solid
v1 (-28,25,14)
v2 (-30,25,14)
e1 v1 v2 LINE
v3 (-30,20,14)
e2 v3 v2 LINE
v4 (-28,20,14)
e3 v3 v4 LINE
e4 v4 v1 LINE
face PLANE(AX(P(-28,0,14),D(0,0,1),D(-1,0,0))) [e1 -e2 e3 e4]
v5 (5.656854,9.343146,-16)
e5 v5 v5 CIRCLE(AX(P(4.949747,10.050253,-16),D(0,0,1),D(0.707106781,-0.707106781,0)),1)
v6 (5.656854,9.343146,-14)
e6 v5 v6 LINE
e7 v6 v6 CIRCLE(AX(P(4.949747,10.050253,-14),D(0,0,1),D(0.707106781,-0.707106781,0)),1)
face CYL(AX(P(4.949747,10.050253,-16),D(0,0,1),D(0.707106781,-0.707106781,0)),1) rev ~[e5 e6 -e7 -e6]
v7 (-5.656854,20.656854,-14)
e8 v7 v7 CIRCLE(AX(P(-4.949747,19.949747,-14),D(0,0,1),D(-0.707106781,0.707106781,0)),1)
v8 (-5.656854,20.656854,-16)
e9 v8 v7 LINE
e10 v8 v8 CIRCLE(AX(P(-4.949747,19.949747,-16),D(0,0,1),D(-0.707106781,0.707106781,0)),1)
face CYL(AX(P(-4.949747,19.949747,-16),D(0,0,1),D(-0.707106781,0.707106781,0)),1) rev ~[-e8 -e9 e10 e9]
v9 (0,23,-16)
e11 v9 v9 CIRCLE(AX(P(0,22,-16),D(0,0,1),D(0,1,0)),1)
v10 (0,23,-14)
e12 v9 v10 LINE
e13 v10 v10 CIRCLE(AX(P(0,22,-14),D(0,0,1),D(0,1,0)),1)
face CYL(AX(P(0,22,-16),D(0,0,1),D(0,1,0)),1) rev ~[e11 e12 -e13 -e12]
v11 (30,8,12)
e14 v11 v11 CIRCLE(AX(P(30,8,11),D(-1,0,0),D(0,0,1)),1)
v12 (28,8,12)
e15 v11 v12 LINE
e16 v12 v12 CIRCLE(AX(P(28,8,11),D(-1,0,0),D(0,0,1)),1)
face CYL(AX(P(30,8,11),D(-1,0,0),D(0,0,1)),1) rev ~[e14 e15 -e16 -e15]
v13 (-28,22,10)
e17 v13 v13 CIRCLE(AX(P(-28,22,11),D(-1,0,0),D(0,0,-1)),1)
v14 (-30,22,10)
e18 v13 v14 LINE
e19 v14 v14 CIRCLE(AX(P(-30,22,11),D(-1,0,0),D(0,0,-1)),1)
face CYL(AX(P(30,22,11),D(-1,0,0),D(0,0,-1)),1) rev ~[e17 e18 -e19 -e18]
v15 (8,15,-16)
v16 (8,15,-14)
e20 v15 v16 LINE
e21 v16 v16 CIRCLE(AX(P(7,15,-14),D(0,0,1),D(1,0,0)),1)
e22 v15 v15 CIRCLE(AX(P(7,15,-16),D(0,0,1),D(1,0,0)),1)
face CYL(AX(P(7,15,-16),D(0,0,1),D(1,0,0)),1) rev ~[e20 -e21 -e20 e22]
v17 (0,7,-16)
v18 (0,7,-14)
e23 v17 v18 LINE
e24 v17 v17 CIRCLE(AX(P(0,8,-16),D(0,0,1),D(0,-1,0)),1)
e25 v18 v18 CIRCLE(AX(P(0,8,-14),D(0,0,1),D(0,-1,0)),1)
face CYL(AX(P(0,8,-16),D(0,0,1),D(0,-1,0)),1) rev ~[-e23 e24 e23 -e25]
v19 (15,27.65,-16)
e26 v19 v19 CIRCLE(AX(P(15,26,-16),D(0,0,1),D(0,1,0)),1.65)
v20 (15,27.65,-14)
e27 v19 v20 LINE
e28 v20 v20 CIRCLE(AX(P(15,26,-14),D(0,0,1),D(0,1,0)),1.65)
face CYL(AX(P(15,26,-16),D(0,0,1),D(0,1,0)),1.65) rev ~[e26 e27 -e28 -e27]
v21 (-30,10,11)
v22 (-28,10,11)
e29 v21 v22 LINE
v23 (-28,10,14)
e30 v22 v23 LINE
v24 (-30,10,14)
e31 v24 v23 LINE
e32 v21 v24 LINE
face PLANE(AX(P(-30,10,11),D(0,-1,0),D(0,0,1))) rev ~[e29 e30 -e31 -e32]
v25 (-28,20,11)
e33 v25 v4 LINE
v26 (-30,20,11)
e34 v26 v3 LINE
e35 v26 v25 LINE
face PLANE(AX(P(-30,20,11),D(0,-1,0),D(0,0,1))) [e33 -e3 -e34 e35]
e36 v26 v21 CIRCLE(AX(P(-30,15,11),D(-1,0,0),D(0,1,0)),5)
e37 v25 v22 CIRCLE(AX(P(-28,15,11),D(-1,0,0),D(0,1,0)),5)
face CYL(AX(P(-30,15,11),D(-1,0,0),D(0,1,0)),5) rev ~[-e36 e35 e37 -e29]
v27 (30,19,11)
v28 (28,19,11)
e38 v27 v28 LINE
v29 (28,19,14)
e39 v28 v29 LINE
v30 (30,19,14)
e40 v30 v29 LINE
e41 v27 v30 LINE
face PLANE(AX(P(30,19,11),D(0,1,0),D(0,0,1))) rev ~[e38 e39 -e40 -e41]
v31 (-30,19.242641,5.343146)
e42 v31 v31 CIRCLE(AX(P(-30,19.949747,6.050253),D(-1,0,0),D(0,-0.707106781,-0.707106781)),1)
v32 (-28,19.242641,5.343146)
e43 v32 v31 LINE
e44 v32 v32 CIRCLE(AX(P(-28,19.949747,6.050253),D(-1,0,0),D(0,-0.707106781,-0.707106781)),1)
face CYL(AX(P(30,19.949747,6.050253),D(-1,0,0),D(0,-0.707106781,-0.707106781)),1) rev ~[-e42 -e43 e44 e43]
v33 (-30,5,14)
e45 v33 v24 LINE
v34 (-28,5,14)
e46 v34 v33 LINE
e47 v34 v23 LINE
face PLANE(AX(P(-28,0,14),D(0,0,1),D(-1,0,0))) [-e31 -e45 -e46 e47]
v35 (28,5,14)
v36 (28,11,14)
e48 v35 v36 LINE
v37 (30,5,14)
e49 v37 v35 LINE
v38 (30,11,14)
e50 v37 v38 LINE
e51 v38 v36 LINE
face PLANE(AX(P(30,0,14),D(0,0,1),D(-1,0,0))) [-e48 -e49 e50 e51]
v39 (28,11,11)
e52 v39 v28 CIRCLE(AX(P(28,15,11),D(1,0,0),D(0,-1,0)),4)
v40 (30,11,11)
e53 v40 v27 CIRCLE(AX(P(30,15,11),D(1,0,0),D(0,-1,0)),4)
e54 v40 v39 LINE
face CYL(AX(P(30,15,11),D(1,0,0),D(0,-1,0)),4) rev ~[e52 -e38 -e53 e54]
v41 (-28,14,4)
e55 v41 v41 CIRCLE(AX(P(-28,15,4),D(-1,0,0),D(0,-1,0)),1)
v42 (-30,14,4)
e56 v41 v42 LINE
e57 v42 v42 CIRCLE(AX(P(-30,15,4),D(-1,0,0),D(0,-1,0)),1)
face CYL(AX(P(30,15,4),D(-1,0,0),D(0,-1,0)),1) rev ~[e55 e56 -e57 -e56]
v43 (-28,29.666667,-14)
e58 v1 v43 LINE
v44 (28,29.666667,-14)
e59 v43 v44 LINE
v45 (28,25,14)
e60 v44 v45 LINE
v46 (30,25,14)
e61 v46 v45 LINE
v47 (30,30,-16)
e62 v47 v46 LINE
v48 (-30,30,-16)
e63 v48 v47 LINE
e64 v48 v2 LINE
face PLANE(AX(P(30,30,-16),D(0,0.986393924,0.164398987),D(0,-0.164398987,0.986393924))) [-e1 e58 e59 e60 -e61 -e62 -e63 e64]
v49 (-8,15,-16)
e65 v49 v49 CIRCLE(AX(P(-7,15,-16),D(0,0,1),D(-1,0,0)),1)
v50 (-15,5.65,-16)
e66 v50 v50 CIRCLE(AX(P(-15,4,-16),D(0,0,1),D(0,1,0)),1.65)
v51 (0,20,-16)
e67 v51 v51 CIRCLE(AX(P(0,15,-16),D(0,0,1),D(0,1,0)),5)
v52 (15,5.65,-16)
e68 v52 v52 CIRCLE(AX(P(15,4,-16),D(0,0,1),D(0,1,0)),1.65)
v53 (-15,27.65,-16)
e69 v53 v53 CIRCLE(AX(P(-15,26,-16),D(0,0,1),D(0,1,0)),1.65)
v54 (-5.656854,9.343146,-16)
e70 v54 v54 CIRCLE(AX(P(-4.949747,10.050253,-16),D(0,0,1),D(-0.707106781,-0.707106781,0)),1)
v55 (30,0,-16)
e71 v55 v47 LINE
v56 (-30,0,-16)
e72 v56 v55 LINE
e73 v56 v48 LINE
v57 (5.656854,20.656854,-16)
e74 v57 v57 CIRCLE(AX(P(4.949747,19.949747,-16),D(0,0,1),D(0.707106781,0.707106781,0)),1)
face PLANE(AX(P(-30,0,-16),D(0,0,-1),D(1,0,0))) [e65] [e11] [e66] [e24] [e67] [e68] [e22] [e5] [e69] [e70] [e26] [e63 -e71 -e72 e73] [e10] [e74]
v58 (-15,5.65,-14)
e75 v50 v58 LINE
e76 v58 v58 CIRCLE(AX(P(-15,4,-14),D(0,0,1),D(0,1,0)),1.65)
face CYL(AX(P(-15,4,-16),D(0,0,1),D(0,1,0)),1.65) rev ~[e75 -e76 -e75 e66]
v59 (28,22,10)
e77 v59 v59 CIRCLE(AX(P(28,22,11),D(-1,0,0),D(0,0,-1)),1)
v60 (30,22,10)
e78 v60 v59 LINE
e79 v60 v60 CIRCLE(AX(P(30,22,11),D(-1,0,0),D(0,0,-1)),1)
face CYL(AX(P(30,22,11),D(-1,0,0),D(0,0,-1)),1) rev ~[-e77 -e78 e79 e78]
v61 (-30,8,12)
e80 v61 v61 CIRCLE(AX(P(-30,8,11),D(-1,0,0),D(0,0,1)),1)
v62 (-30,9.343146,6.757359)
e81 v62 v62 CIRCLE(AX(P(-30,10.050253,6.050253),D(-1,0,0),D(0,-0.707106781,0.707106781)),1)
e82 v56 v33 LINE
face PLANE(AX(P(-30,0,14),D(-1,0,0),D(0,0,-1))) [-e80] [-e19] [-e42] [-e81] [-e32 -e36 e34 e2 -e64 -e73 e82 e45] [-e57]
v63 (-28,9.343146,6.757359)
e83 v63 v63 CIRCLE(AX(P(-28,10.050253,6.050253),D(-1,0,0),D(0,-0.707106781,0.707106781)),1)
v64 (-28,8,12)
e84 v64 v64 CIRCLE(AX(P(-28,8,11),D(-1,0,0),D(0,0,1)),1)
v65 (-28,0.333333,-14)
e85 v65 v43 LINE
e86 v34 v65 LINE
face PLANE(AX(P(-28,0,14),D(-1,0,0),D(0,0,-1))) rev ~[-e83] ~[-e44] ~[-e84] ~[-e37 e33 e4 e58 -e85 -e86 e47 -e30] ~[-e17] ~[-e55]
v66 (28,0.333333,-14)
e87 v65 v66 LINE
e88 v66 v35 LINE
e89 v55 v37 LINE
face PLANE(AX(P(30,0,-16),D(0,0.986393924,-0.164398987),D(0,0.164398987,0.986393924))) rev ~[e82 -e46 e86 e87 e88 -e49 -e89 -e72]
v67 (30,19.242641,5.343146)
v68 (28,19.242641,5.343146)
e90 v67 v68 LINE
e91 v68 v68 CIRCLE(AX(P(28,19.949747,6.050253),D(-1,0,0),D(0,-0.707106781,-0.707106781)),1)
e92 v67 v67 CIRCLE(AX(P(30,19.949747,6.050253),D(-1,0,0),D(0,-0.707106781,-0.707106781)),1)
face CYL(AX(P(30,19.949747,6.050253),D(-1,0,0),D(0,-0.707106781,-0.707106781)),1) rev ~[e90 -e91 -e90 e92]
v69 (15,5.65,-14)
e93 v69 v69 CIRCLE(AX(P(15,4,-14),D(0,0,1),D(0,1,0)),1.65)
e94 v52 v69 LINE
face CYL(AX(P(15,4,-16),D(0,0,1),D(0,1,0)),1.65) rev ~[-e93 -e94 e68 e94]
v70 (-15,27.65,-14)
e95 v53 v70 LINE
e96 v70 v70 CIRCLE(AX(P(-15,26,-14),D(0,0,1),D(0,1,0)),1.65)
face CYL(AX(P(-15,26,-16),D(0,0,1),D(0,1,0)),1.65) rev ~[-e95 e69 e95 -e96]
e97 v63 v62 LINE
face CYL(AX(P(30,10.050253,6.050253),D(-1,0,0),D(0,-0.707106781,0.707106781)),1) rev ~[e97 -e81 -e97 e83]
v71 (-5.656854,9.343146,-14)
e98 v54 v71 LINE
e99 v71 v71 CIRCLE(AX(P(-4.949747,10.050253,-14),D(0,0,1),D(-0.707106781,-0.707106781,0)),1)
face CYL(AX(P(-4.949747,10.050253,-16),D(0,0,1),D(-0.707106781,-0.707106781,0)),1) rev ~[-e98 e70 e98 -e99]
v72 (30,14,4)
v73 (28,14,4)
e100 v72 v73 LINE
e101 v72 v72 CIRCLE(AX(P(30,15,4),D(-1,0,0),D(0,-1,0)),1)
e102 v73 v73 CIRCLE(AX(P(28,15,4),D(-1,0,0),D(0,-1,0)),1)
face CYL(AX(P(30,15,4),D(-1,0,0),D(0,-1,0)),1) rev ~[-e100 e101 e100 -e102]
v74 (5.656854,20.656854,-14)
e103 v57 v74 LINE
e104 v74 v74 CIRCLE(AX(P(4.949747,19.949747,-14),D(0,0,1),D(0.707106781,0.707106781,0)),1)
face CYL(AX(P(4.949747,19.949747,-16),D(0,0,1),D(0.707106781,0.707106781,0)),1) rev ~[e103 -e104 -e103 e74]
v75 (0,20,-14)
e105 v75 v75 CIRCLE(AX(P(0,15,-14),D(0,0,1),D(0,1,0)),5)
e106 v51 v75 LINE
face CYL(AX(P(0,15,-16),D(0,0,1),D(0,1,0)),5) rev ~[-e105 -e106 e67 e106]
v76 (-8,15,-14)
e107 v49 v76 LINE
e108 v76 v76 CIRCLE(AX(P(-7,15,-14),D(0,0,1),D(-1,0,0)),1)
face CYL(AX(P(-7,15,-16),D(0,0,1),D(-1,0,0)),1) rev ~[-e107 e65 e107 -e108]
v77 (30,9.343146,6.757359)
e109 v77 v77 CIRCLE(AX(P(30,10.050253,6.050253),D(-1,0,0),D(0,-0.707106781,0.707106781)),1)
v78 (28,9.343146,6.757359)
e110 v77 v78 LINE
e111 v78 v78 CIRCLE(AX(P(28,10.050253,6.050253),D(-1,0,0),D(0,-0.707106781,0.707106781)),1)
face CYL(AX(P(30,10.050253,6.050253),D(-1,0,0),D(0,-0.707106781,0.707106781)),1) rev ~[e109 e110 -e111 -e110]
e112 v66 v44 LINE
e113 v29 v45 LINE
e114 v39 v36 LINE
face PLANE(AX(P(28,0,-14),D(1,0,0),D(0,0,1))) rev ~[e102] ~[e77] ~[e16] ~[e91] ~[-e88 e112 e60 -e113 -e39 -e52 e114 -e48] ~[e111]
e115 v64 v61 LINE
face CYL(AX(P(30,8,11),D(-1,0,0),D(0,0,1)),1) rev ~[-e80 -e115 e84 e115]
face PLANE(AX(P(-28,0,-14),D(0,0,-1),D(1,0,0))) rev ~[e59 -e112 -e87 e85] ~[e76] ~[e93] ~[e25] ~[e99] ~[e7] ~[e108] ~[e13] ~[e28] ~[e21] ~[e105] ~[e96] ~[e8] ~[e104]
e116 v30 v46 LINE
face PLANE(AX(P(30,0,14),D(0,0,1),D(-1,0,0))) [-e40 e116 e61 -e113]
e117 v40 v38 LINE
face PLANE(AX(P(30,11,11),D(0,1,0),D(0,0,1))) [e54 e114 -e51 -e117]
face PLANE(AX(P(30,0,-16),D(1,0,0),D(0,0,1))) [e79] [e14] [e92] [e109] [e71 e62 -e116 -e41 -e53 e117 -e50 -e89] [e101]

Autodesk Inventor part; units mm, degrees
ref_plane "YZ Plane" through (0, 0, 0) normal (1, 0, 0) x (0, 1, 0)
ref_plane "XZ Plane" through (0, 0, 0) normal (0, 1, 0) x (-1, 0, 0)
ref_plane "XY Plane" through (0, 0, 0) normal (0, 0, 1) x (1, 0, 0)
sketch "スケッチ1" plane through (0, 0, 0) normal (0, 1, 0) x (-1, 0, 0)
  line L0 (30, 14) -> (30, -16)
  line L1 (30, -16) -> (-30, -16)
  line L2 (-30, -16) -> (-30, 14)
  line L3 (28, 14) -> (28, -14)
  line L4 (28, -14) -> (-28, -14)
  line L5 (-28, -14) -> (-28, 14)
  line L6 (-30, 14) -> (-28, 14)
  line L7 (28, 14) -> (30, 14)
  point P0 (0, 0)
  dimension "d0" = 60
  dimension "d2" = 30
  dimension "d3" = 28
  dimension "d4" = 56
  dimension "d5" = 28
  dimension "d6" = 14
  dimension "d7" = 30
  dimension "d8" = 16
  dimension "d9" = 28
  dimension "d11" = 28
extrude "押し出し1" add sketch "スケッチ1" along normal blind 30
sketch "スケッチ2" plane through (30, 0, 14) normal (1, 0, 0) x (0, 0, -1)
  line L0 (30, 0) -> (30, 30) projected
  line L1 (0, 0) -> (0, 30) projected
  line L2 (30, 30) -> (0, 25)
  line L3 (30, 0) -> (0, 5)
  point P0 (14, 0)
  dimension "d75" = 20
extrude "押し出し2" cut sketch "スケッチ2" against normal blind 60 keep common part
sketch "スケッチ3" plane through (30, 0, -16) normal (1, 0, 0) x (0, 0, -1)
  line L0 (-30, 5) -> (-30, 25) projected
  line L1 (0, 0) -> (0, 30) projected
  arc A0 (-27, 11) -> (-27, 19) centre (-27, 15) ccw
  line L2 (-27, 19) -> (-30, 19)
  line L3 (-27, 11) -> (-30, 11)
  point P0 (-16, 0)
  dimension "d20" = 8
  dimension "d79" = 3
  dimension "d82" = 15
extrude "押し出し3" cut sketch "スケッチ3" against normal blind 2
sketch "スケッチ4" plane through (-30, 0, -16) normal (-1, 0, 0) x (0, 0, 1)
  line L0 (30, 5) -> (30, 25) projected
  arc A0 (27, 20) -> (27, 10) centre (27, 15) ccw
  line L1 (27, 20) -> (30, 20)
  line L2 (27, 10) -> (30, 10)
  point P0 (16, 0)
  point P1 (0, 30)
  dimension "d25" = 10
  dimension "d80" = 3
  dimension "d81" = 15
extrude "押し出し4" cut sketch "スケッチ4" against normal blind 2
sketch "スケッチ7" plane through (30, 0, -16) normal (0, 0, -1) x (-1, 0, 0)
  line L0 (0, 0) -> (60, 0) projected
  line L1 (0, 0) -> (0, 30) projected
  circle A0 centre (30, 15) radius 5
  point P0 (30, 0)
  dimension "d45" = 10
  dimension "d47" = 15
  dimension "d48" = 30
hole "穴2" at (0, 15, -16) direction (0, 0, 1) diameter 10 end through all
sketch "スケッチ8" plane through (30, 0, -16) normal (0, 0, -1) x (-1, 0, 0)
  circle A0 centre (30, 15) radius 5 projected
  line L0 (0, 0) -> (0, 30) projected
  circle A1 centre (30, 22) radius 1
  line L1 (30, 15) -> (30, 22)
  point P0 (30, 0)
  dimension "d56" = 2
  dimension "d58" = 0
  dimension "d62" = 7
hole "穴3" at (0, 22, -16) direction (0, 0, 1) diameter 2 end through all
pattern_circular "円形状パターン2" count 8 over 360 about axis through (0, 15, 57.4847) along (0, 0, -1) of "穴2", "穴3"
sketch "スケッチ9" plane through (30, 0, -16) normal (1, 0, 0) x (0, 0, -1)
  arc A0 (-27, 11) -> (-27, 19) centre (-27, 15) ccw projected
  line L0 (-30, 19) -> (-30, 25) projected
  circle A1 centre (-27, 22) radius 1
  line L1 (-27, 15) -> (-27, 22)
  point P0 (-16, 0)
  dimension "d83" = 2
  dimension "d85" = 7
hole "穴4" at (30, 22, 11) direction (-1, 0, 0) diameter 2 end through all
pattern_circular "円形状パターン3" count 5 over 180 about axis through (30, 15, 11) along (-1, 0, 0) of "穴4"
sketch "スケッチ10" plane through (30, 0, -16) normal (0, 0, -1) x (-1, 0, 0)
  circle A0 centre (30, 15) radius 5 projected
  line L0 (0, 30) -> (60, 30) projected
  circle A1 centre (15, 26) radius 1.65
  circle A2 centre (15, 4) radius 1.65
  circle A3 centre (45, 4) radius 1.65
  circle A4 centre (45, 26) radius 1.65
  point P0 (30, 0)
  dimension "d96" = 30
  dimension "d98" = 22
  dimension "d99" = 4
  dimension "d100" = 22
  dimension "d101" = 4
  dimension "d102" = 30
  dimension "d103" = 15
  dimension "d104" = 15
  dimension "d105" = 3.3
hole "穴5" at (15, 4, -16) at (-15, 4, -16) at (-15, 26, -16) at (15, 26, -16) direction (0, 0, 1) diameter 3.3 end through all
properties part number "12" material "アルミニウム 6061"
